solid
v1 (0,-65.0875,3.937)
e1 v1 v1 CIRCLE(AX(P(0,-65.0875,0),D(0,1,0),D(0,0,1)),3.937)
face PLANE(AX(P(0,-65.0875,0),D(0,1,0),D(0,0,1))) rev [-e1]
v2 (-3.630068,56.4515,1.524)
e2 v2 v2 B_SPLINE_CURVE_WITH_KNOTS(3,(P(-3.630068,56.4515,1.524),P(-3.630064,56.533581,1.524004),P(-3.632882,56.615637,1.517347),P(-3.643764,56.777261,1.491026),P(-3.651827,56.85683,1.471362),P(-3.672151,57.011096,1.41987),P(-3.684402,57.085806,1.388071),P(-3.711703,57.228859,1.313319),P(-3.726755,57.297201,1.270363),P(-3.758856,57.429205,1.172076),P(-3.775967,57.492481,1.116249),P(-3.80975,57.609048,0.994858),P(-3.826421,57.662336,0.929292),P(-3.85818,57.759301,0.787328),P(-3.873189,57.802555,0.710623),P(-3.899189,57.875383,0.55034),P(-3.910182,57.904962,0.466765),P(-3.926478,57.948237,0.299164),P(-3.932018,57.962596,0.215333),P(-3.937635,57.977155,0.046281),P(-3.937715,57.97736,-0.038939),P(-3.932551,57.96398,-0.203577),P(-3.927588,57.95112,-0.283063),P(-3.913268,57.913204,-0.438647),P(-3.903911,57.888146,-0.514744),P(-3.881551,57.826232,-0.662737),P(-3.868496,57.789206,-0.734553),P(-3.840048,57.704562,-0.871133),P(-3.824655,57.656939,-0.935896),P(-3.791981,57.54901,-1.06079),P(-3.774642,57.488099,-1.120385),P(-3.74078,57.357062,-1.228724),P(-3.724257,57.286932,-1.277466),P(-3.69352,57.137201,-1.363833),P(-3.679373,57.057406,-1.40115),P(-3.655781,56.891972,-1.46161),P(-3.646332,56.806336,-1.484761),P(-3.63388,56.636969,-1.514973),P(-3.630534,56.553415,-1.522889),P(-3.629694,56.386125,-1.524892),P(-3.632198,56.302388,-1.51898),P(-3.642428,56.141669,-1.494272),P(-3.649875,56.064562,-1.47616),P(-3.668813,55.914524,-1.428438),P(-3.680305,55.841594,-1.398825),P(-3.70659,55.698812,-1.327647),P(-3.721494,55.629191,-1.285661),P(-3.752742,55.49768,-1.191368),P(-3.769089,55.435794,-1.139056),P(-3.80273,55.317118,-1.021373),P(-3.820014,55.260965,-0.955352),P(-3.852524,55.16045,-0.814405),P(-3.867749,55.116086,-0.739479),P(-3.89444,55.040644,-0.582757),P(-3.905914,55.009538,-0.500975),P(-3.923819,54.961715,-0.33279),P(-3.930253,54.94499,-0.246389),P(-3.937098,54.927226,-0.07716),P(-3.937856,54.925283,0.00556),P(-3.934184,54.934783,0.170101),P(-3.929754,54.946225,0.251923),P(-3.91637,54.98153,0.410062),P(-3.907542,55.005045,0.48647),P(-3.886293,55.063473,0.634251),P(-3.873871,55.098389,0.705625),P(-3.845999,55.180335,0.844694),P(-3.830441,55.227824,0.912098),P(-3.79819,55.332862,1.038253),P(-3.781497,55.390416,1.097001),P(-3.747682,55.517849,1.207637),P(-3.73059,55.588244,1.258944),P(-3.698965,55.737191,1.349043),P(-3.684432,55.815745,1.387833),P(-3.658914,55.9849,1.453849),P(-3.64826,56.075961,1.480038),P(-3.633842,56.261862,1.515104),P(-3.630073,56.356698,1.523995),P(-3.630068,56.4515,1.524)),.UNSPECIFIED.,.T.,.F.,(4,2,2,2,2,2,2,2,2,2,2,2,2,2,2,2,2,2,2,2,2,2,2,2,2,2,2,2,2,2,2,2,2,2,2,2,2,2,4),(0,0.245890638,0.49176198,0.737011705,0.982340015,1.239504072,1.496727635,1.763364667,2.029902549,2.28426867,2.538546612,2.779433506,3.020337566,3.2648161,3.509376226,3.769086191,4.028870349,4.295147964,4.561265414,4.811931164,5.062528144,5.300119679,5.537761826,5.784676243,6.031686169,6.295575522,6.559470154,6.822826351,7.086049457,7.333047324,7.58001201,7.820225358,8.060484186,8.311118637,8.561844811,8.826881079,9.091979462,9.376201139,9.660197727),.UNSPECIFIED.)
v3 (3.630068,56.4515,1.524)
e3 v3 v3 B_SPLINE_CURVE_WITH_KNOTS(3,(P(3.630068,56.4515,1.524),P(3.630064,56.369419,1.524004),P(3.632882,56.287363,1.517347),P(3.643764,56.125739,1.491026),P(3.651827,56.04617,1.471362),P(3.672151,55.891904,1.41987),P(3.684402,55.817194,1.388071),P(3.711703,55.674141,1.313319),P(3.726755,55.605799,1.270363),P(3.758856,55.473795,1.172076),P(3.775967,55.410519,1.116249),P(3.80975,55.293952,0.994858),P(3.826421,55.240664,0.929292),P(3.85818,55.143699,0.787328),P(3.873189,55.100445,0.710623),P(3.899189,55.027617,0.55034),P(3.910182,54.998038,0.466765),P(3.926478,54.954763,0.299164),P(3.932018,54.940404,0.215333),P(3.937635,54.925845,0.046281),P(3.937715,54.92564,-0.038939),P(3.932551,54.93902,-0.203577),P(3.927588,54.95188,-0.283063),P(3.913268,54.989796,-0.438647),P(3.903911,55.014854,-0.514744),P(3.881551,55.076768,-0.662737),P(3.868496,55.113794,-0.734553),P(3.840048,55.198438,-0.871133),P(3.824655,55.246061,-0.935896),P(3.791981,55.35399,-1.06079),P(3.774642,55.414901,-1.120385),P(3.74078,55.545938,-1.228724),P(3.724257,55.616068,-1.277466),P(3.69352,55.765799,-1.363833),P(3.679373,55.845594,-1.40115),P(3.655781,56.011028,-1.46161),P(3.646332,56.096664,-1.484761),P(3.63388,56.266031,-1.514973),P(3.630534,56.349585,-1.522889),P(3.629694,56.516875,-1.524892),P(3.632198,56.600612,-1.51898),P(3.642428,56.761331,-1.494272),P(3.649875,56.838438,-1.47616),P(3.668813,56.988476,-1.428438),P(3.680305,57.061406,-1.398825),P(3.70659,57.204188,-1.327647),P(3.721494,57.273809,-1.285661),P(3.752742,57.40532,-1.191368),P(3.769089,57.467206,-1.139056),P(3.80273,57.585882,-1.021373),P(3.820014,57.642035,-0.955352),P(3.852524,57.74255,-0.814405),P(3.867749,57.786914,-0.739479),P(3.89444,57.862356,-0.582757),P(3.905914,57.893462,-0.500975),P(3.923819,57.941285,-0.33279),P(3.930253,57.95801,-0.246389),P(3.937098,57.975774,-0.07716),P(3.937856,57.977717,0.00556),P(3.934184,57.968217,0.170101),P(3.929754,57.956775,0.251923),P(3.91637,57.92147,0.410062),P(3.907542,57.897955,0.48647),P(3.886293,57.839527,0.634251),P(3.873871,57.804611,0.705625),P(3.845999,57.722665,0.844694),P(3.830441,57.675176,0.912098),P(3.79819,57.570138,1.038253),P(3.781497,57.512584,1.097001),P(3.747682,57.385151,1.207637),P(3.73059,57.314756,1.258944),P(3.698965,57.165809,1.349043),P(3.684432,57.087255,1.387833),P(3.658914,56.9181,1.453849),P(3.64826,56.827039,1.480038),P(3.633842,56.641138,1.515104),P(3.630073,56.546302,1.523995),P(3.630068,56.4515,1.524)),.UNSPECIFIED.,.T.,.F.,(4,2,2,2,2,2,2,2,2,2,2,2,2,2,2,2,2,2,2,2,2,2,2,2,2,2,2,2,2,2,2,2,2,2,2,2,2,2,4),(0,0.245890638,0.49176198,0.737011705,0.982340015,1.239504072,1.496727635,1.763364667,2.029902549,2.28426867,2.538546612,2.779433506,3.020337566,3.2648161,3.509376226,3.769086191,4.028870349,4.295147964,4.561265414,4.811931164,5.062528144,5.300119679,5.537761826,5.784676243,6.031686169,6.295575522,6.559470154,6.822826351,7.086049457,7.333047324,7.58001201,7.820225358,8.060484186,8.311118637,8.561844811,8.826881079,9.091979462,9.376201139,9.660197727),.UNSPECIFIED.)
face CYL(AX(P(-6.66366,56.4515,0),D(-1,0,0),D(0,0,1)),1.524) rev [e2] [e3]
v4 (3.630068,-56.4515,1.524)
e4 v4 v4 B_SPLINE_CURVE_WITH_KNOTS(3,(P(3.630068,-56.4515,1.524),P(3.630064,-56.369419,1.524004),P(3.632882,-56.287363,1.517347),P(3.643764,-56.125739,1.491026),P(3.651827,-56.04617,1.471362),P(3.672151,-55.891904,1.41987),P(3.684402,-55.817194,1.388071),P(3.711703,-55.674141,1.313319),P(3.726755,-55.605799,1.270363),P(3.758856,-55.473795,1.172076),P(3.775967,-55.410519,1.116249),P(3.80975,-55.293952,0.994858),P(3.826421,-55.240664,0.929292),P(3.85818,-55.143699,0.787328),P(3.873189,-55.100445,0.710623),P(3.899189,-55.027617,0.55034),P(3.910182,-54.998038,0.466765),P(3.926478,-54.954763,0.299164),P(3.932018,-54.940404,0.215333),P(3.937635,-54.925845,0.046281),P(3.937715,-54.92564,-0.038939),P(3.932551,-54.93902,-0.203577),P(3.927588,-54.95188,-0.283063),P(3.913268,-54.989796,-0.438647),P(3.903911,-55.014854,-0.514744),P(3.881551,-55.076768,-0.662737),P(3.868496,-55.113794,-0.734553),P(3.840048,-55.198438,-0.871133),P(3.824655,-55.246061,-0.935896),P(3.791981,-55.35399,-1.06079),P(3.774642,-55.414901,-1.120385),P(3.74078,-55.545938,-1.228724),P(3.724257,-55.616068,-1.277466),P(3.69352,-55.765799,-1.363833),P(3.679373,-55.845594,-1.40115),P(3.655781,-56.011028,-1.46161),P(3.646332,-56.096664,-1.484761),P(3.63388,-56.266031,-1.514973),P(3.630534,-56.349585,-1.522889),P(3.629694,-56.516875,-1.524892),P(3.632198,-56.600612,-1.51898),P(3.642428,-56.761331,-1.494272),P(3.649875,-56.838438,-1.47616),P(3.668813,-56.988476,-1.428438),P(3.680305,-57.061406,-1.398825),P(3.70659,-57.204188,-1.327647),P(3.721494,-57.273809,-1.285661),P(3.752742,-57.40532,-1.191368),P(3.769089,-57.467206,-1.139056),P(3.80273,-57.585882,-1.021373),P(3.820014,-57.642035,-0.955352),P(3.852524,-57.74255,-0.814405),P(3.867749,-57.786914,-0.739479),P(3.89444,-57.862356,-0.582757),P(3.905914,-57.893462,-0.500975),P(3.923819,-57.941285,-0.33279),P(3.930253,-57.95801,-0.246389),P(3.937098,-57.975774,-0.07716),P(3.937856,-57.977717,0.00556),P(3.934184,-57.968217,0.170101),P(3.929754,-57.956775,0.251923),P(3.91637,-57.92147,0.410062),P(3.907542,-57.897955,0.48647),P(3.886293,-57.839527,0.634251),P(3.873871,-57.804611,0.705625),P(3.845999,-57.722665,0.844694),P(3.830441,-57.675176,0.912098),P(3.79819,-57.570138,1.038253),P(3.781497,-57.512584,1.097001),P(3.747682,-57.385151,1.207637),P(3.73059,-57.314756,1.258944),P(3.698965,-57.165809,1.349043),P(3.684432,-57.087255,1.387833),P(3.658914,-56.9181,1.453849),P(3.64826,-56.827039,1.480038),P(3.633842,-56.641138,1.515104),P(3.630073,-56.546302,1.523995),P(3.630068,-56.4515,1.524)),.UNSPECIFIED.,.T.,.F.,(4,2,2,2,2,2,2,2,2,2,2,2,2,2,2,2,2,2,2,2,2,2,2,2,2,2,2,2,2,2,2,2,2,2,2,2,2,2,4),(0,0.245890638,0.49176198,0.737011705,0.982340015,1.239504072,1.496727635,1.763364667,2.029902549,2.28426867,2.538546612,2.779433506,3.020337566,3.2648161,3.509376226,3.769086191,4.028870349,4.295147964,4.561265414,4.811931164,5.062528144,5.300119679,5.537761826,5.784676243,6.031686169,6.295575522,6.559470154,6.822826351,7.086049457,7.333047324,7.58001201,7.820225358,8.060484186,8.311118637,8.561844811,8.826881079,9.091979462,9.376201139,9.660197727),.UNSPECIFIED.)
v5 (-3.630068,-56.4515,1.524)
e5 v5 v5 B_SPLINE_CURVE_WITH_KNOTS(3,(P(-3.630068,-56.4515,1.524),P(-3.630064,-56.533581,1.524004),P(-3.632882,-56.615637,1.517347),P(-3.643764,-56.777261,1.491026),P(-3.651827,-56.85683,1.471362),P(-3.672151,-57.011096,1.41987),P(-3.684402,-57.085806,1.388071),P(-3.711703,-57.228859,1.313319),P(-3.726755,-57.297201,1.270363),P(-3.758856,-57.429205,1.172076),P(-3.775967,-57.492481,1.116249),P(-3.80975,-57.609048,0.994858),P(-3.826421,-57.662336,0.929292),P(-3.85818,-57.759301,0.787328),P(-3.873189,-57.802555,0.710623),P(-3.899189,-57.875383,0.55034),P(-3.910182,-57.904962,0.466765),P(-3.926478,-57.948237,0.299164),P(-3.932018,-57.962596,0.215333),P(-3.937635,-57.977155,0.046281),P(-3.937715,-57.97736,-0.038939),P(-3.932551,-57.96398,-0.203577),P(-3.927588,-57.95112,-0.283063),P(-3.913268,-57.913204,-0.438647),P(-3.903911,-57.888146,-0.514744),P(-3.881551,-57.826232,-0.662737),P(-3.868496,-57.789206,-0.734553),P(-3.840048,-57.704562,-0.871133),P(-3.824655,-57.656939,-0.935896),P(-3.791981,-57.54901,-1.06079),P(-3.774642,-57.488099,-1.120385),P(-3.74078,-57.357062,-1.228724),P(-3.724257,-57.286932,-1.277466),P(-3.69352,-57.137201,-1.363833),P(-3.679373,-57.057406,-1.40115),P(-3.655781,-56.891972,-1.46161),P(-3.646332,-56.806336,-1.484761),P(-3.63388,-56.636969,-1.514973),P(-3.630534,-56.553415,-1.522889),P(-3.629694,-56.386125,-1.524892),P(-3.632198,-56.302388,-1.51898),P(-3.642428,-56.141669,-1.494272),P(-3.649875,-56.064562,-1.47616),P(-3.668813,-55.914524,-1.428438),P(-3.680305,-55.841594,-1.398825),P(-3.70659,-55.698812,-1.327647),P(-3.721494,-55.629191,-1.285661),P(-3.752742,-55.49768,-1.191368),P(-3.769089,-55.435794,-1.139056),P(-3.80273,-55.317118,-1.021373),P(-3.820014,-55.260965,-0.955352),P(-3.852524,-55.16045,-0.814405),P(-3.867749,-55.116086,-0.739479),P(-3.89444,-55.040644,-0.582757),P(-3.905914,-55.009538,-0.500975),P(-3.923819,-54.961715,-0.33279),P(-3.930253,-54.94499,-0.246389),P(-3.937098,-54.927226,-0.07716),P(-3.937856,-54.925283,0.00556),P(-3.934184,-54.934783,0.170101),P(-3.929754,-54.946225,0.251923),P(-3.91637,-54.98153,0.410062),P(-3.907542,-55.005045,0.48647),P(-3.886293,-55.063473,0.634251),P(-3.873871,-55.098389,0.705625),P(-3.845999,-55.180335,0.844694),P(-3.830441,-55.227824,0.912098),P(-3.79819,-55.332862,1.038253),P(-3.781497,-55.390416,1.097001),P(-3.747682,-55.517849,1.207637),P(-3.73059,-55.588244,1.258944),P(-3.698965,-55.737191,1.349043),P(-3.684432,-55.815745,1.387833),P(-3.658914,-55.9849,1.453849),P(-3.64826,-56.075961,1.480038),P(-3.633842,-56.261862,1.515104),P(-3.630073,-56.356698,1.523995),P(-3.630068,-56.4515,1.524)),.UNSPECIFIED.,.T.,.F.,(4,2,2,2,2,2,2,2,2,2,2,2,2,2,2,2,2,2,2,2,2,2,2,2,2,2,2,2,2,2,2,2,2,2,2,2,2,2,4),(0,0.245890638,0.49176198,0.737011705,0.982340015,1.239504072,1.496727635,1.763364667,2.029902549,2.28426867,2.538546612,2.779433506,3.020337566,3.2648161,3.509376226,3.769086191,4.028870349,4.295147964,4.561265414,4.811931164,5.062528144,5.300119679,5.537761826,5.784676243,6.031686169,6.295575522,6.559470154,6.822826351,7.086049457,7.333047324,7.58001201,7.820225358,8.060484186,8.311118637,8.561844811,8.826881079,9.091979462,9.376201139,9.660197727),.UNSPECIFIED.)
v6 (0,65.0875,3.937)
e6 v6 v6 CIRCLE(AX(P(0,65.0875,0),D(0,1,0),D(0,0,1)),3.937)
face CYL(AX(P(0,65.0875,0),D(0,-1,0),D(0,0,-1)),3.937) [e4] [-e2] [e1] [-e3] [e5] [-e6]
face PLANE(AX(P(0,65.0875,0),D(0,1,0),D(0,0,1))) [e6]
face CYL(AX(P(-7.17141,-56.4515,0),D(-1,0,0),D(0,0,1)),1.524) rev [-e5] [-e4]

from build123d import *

# Parameters (mm, degrees)
SKETCH1_R           = 3.937
BOSS_EXTRUDE1_DEPTH = 65.0875
SKETCH2_W           = 14.723977987
SKETCH2_H           = 1.524
SKETCH3_W           = 14.493300334
SKETCH3_H           = 1.524


with BuildPart() as part:
    # Sketch1 → Boss-Extrude1 (new, symmetric)
    with BuildSketch(Plane(origin=(0, 0, 0), x_dir=(1, 0, 0), z_dir=(0, 1, 0))):
        with Locations(Location((0, 0, 0), (0, 0, 270))):
            Circle(SKETCH1_R)
    extrude(amount=BOSS_EXTRUDE1_DEPTH, both=True)

    # Sketch2 → Cut-Revolve1 (revolve, cut)
    with BuildSketch(Plane.XY, mode=Mode.PRIVATE) as cut_revolve1_sk:
        with Locations((0.698328764, 57.2135)):
            Rectangle(SKETCH2_W, SKETCH2_H)
    revolve(cut_revolve1_sk.sketch.rotate(Axis((-6.663660229, 56.4515, 0), (1, 0, 0)), 90), axis=Axis((-6.663660229, 56.4515, 0), (1, 0, 0)), mode=Mode.SUBTRACT)

    # Sketch3 → Cut-Revolve2 (revolve, cut)
    with BuildSketch(Plane.XY, mode=Mode.PRIVATE) as cut_revolve2_sk:
        with Locations((0.075239778, -57.2135)):
            Rectangle(SKETCH3_W, SKETCH3_H)
    revolve(cut_revolve2_sk.sketch.rotate(Axis((-7.171410389, -56.4515, 0), (1, 0, 0)), 270), axis=Axis((-7.171410389, -56.4515, 0), (1, 0, 0)), mode=Mode.SUBTRACT)


solid = part.part
